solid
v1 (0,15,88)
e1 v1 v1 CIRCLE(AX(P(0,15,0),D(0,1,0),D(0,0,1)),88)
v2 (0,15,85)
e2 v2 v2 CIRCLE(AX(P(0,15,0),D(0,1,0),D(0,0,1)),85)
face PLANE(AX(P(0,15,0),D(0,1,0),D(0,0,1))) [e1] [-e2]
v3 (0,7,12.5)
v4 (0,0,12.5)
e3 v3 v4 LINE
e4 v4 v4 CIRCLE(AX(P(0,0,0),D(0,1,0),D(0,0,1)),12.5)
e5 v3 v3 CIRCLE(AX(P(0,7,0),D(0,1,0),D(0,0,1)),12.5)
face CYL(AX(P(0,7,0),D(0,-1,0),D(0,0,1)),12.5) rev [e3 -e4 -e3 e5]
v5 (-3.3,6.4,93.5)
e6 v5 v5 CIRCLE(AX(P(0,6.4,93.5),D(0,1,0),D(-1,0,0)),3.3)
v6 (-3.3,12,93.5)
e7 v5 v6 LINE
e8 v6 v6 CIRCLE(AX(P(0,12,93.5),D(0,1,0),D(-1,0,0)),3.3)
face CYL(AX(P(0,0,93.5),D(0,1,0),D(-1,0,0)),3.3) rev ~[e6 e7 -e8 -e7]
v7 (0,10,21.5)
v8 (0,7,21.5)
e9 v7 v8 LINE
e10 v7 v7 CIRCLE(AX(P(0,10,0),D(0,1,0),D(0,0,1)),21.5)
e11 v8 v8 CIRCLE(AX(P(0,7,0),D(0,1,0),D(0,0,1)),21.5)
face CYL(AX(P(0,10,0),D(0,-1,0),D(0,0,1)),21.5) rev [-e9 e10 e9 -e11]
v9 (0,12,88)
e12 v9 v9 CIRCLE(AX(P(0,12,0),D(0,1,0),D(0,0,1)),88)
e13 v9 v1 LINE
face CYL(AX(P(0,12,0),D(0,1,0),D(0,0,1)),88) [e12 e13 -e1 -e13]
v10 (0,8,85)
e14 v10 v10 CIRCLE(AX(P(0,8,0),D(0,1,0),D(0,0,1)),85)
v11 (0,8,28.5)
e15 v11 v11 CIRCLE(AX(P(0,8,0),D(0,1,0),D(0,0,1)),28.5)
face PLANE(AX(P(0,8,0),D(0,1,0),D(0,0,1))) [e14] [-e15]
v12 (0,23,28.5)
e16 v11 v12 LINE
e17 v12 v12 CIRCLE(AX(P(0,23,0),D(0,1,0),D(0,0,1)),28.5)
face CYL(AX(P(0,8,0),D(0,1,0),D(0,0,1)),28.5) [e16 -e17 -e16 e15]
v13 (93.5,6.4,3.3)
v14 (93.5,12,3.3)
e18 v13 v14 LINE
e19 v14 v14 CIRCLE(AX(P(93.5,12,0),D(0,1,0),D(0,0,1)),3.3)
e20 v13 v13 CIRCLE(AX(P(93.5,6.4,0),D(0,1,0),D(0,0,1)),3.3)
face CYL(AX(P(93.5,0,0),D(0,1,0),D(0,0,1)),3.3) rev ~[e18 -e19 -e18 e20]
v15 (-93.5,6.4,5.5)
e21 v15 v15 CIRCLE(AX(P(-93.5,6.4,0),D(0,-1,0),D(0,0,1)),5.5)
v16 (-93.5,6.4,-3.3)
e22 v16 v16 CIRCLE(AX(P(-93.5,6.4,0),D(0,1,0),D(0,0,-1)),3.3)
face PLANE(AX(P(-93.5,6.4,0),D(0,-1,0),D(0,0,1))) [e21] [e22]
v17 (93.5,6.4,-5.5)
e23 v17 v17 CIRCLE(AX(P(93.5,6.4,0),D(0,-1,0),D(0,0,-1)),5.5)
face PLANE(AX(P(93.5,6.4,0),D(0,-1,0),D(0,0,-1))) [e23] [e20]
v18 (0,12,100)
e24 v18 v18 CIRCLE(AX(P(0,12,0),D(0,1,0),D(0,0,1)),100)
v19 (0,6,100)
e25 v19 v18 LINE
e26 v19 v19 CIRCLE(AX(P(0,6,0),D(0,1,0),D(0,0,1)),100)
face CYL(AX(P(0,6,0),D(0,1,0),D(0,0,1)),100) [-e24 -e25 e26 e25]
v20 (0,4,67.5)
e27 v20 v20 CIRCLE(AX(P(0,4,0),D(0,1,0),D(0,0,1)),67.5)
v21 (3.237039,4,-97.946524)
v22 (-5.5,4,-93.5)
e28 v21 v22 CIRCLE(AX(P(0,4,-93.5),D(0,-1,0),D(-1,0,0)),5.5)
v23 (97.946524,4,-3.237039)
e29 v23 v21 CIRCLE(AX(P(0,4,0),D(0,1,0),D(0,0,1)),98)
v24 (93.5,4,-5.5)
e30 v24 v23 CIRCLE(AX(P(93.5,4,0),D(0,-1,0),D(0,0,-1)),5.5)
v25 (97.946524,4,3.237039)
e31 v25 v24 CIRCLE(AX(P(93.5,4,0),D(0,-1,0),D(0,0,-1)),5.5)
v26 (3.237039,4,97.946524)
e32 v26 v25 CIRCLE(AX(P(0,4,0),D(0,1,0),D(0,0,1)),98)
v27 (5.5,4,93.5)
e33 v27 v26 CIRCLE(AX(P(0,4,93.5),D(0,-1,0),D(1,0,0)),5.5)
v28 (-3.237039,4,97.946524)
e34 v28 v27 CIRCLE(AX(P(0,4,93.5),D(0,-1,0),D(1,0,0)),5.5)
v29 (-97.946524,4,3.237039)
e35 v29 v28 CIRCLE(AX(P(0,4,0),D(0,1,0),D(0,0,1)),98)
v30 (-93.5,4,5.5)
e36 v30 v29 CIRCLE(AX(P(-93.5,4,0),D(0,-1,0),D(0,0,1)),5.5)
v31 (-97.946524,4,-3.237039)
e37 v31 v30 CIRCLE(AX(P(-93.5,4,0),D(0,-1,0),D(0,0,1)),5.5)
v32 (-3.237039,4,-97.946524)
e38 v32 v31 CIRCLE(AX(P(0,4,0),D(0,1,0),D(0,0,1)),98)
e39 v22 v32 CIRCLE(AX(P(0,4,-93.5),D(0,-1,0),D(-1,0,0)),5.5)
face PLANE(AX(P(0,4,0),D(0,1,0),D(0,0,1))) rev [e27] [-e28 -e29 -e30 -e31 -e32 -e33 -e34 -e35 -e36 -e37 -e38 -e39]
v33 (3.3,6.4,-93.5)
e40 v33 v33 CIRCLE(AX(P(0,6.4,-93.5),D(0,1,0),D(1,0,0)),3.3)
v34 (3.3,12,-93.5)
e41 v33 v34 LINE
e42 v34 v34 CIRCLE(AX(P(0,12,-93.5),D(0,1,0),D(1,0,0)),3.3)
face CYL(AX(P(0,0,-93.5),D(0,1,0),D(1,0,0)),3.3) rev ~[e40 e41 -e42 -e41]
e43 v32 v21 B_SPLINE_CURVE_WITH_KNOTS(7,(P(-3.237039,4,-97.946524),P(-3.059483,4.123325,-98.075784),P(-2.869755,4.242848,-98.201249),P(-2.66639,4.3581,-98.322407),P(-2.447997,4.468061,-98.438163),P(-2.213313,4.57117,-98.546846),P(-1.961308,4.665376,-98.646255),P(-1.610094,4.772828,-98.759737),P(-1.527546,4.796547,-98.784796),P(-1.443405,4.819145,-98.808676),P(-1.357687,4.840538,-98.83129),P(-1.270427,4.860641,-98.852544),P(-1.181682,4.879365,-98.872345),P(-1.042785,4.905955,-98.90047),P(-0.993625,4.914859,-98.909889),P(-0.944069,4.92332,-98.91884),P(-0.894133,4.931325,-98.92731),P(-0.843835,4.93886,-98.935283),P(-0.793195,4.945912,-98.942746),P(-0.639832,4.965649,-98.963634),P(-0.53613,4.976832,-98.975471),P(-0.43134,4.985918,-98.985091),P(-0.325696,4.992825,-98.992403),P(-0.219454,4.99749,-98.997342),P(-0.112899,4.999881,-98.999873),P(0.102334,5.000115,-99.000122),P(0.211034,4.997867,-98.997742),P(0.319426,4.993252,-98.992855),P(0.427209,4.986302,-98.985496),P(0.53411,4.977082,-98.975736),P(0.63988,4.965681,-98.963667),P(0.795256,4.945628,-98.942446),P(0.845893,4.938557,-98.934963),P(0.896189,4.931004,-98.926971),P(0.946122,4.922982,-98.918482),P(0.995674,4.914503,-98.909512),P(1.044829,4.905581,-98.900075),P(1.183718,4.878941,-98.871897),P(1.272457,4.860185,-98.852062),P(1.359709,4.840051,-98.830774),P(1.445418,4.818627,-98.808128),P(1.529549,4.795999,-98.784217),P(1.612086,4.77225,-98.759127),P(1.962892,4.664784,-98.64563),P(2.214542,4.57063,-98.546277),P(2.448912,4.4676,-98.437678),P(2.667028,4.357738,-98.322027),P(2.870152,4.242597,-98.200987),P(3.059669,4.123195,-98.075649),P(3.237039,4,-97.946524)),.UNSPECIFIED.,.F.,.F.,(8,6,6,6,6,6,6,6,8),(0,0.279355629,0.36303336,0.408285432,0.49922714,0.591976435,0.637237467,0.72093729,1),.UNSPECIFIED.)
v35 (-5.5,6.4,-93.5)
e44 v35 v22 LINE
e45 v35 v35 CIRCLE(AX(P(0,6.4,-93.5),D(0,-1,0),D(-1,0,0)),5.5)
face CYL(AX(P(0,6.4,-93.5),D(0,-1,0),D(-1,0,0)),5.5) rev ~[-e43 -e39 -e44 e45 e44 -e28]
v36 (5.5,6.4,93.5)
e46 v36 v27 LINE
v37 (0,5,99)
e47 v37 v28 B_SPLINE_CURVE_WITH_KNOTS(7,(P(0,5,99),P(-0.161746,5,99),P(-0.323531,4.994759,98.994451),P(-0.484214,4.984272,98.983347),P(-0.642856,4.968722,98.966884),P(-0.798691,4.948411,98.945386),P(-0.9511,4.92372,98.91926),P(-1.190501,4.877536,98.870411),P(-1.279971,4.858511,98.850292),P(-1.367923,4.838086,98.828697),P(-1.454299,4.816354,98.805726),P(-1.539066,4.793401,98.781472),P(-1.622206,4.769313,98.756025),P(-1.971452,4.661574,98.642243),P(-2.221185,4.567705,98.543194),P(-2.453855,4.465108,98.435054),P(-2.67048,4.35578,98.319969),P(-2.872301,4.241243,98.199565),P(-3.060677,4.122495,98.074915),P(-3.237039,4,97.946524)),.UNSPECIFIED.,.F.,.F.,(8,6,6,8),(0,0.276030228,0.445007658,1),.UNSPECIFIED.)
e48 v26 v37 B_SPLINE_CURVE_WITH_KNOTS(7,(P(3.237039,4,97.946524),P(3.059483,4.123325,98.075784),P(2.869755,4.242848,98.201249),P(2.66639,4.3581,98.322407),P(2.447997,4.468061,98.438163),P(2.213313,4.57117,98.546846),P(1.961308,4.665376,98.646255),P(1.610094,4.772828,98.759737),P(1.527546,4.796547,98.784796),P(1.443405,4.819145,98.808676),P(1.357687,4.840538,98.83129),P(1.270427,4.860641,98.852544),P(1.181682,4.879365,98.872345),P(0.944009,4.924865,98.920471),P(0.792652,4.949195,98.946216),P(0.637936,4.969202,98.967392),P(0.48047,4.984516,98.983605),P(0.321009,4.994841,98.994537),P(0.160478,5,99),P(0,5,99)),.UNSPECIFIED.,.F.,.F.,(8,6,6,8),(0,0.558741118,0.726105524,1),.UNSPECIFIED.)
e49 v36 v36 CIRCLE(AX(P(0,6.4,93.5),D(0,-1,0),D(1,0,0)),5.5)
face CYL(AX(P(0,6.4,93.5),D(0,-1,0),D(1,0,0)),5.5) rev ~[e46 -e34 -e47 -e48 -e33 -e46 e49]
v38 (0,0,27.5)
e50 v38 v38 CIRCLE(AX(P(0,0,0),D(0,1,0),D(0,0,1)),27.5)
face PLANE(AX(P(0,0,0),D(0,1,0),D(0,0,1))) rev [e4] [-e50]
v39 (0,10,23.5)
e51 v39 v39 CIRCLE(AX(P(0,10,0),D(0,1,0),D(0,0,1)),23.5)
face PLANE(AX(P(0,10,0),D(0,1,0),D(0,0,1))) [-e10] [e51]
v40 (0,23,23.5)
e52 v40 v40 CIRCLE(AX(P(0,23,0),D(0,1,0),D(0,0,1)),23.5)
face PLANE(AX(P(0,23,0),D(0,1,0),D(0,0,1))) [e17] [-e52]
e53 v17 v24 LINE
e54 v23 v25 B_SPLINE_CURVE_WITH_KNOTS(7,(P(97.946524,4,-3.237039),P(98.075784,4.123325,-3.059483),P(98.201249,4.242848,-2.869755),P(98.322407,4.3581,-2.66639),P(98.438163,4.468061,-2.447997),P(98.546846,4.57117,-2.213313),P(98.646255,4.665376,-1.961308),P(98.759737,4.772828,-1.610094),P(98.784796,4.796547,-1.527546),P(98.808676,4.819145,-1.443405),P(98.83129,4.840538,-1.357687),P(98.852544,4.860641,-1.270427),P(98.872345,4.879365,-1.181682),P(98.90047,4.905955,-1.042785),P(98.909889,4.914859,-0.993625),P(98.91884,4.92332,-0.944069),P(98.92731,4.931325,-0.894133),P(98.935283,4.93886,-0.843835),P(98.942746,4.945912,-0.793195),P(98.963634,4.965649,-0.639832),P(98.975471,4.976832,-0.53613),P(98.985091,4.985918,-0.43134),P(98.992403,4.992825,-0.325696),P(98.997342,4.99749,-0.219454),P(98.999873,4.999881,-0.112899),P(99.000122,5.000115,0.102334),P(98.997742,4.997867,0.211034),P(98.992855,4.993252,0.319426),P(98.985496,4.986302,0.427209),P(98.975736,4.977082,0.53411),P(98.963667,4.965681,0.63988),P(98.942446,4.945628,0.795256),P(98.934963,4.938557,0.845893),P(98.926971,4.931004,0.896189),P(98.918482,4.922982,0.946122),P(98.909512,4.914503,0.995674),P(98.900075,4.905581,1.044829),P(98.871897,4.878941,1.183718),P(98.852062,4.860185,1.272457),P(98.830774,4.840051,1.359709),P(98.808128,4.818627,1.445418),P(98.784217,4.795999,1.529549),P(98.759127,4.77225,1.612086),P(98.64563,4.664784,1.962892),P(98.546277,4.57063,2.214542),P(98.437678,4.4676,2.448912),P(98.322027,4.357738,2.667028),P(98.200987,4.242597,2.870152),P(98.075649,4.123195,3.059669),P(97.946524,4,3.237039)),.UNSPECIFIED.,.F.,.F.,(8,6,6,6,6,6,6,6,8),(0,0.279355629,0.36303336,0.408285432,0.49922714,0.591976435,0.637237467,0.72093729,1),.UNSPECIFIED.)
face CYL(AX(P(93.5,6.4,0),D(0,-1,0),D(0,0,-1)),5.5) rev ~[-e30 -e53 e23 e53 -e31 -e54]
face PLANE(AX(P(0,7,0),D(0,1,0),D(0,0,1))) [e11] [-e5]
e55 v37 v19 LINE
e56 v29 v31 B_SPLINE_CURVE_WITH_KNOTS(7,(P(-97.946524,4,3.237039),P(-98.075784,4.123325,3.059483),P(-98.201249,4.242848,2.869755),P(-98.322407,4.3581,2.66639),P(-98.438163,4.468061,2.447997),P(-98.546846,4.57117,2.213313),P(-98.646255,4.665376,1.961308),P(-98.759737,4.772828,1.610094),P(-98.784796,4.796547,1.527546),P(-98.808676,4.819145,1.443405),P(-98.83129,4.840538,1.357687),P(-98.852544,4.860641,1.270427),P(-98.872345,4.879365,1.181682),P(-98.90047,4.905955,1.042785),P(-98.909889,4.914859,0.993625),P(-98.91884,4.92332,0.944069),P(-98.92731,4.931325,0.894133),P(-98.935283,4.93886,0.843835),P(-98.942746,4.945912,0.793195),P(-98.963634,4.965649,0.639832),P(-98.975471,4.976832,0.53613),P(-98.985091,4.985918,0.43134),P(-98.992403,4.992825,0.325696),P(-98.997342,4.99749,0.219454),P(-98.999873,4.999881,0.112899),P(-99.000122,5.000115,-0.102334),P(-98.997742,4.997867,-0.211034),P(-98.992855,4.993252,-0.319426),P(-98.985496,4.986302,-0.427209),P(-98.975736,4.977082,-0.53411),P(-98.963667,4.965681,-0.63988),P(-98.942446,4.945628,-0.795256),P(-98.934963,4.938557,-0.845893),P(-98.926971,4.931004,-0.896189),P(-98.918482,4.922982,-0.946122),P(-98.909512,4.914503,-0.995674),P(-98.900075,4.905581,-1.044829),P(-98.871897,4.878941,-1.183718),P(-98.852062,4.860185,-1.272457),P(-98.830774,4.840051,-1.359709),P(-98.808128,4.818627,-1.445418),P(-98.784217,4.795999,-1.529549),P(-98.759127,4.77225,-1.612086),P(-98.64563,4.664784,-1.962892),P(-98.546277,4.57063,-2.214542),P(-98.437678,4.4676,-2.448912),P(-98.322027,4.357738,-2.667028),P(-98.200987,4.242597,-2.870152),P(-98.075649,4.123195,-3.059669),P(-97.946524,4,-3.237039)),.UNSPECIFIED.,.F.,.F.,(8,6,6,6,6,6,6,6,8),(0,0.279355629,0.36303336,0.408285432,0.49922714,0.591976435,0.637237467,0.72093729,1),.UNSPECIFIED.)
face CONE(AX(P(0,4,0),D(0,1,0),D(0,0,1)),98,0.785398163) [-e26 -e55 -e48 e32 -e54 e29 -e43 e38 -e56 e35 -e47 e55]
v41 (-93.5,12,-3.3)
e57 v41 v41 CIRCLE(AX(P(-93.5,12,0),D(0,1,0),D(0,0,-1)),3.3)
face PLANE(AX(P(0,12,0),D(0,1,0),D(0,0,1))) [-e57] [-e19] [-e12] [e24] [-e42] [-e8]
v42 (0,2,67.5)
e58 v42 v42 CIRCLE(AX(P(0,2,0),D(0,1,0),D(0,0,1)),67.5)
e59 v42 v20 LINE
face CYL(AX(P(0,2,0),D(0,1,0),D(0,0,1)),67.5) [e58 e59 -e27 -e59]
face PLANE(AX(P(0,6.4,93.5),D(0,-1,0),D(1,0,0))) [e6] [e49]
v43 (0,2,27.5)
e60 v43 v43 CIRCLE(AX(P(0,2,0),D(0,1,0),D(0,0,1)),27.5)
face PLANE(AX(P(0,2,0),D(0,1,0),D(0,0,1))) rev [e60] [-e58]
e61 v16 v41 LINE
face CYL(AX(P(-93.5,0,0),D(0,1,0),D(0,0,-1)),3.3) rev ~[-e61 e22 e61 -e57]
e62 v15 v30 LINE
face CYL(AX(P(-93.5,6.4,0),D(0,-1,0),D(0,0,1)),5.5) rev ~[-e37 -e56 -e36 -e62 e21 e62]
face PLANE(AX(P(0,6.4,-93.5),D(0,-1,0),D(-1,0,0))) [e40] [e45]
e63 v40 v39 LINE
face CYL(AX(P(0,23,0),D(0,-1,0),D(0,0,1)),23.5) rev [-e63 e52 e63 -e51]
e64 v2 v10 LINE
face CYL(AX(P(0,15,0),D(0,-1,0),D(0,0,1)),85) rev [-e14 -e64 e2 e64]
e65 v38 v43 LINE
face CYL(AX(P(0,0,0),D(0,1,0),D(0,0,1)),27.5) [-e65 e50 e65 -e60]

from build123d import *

# Parameters (mm, degrees)
HOLE_D             = 6.6
HOLE_CBORE_D       = 11
HOLE_CBORE_DEPTH   = 6.4
POLARPATTERN_COUNT = 4


with BuildPart() as part:
    # Sketch → Revolution (revolve)
    with BuildSketch(Plane.YZ):
        Polygon((6, 100), (12, 100), (12, 88), (15, 88), (15, 85), (8, 85), (8, 28.5), (23, 28.5), (23, 23.5), (10, 23.5), (10, 21.5), (7, 21.5), (7, 12.5), (0, 12.5), (0, 27.5), (2, 27.5), (2, 67.5), (4, 67.5), (4, 98), align=None)
    revolve(axis=Axis((0, 0, 0), (0, 1, 0)))

    # Hole (through all)
    with Locations(Plane.XZ):
        with Locations((0, 93.5)):
            hole = CounterBoreHole(HOLE_D / 2, HOLE_CBORE_D / 2, HOLE_CBORE_DEPTH)

    # PolarPattern: Hole ×4 about axis
    polarpattern_axis = Axis((0, 0, 0), (0, 1, 0))
    for i in range(1, POLARPATTERN_COUNT):
        add(hole.rotate(polarpattern_axis, i * 360 / POLARPATTERN_COUNT), mode=Mode.SUBTRACT)


solid = part.part
